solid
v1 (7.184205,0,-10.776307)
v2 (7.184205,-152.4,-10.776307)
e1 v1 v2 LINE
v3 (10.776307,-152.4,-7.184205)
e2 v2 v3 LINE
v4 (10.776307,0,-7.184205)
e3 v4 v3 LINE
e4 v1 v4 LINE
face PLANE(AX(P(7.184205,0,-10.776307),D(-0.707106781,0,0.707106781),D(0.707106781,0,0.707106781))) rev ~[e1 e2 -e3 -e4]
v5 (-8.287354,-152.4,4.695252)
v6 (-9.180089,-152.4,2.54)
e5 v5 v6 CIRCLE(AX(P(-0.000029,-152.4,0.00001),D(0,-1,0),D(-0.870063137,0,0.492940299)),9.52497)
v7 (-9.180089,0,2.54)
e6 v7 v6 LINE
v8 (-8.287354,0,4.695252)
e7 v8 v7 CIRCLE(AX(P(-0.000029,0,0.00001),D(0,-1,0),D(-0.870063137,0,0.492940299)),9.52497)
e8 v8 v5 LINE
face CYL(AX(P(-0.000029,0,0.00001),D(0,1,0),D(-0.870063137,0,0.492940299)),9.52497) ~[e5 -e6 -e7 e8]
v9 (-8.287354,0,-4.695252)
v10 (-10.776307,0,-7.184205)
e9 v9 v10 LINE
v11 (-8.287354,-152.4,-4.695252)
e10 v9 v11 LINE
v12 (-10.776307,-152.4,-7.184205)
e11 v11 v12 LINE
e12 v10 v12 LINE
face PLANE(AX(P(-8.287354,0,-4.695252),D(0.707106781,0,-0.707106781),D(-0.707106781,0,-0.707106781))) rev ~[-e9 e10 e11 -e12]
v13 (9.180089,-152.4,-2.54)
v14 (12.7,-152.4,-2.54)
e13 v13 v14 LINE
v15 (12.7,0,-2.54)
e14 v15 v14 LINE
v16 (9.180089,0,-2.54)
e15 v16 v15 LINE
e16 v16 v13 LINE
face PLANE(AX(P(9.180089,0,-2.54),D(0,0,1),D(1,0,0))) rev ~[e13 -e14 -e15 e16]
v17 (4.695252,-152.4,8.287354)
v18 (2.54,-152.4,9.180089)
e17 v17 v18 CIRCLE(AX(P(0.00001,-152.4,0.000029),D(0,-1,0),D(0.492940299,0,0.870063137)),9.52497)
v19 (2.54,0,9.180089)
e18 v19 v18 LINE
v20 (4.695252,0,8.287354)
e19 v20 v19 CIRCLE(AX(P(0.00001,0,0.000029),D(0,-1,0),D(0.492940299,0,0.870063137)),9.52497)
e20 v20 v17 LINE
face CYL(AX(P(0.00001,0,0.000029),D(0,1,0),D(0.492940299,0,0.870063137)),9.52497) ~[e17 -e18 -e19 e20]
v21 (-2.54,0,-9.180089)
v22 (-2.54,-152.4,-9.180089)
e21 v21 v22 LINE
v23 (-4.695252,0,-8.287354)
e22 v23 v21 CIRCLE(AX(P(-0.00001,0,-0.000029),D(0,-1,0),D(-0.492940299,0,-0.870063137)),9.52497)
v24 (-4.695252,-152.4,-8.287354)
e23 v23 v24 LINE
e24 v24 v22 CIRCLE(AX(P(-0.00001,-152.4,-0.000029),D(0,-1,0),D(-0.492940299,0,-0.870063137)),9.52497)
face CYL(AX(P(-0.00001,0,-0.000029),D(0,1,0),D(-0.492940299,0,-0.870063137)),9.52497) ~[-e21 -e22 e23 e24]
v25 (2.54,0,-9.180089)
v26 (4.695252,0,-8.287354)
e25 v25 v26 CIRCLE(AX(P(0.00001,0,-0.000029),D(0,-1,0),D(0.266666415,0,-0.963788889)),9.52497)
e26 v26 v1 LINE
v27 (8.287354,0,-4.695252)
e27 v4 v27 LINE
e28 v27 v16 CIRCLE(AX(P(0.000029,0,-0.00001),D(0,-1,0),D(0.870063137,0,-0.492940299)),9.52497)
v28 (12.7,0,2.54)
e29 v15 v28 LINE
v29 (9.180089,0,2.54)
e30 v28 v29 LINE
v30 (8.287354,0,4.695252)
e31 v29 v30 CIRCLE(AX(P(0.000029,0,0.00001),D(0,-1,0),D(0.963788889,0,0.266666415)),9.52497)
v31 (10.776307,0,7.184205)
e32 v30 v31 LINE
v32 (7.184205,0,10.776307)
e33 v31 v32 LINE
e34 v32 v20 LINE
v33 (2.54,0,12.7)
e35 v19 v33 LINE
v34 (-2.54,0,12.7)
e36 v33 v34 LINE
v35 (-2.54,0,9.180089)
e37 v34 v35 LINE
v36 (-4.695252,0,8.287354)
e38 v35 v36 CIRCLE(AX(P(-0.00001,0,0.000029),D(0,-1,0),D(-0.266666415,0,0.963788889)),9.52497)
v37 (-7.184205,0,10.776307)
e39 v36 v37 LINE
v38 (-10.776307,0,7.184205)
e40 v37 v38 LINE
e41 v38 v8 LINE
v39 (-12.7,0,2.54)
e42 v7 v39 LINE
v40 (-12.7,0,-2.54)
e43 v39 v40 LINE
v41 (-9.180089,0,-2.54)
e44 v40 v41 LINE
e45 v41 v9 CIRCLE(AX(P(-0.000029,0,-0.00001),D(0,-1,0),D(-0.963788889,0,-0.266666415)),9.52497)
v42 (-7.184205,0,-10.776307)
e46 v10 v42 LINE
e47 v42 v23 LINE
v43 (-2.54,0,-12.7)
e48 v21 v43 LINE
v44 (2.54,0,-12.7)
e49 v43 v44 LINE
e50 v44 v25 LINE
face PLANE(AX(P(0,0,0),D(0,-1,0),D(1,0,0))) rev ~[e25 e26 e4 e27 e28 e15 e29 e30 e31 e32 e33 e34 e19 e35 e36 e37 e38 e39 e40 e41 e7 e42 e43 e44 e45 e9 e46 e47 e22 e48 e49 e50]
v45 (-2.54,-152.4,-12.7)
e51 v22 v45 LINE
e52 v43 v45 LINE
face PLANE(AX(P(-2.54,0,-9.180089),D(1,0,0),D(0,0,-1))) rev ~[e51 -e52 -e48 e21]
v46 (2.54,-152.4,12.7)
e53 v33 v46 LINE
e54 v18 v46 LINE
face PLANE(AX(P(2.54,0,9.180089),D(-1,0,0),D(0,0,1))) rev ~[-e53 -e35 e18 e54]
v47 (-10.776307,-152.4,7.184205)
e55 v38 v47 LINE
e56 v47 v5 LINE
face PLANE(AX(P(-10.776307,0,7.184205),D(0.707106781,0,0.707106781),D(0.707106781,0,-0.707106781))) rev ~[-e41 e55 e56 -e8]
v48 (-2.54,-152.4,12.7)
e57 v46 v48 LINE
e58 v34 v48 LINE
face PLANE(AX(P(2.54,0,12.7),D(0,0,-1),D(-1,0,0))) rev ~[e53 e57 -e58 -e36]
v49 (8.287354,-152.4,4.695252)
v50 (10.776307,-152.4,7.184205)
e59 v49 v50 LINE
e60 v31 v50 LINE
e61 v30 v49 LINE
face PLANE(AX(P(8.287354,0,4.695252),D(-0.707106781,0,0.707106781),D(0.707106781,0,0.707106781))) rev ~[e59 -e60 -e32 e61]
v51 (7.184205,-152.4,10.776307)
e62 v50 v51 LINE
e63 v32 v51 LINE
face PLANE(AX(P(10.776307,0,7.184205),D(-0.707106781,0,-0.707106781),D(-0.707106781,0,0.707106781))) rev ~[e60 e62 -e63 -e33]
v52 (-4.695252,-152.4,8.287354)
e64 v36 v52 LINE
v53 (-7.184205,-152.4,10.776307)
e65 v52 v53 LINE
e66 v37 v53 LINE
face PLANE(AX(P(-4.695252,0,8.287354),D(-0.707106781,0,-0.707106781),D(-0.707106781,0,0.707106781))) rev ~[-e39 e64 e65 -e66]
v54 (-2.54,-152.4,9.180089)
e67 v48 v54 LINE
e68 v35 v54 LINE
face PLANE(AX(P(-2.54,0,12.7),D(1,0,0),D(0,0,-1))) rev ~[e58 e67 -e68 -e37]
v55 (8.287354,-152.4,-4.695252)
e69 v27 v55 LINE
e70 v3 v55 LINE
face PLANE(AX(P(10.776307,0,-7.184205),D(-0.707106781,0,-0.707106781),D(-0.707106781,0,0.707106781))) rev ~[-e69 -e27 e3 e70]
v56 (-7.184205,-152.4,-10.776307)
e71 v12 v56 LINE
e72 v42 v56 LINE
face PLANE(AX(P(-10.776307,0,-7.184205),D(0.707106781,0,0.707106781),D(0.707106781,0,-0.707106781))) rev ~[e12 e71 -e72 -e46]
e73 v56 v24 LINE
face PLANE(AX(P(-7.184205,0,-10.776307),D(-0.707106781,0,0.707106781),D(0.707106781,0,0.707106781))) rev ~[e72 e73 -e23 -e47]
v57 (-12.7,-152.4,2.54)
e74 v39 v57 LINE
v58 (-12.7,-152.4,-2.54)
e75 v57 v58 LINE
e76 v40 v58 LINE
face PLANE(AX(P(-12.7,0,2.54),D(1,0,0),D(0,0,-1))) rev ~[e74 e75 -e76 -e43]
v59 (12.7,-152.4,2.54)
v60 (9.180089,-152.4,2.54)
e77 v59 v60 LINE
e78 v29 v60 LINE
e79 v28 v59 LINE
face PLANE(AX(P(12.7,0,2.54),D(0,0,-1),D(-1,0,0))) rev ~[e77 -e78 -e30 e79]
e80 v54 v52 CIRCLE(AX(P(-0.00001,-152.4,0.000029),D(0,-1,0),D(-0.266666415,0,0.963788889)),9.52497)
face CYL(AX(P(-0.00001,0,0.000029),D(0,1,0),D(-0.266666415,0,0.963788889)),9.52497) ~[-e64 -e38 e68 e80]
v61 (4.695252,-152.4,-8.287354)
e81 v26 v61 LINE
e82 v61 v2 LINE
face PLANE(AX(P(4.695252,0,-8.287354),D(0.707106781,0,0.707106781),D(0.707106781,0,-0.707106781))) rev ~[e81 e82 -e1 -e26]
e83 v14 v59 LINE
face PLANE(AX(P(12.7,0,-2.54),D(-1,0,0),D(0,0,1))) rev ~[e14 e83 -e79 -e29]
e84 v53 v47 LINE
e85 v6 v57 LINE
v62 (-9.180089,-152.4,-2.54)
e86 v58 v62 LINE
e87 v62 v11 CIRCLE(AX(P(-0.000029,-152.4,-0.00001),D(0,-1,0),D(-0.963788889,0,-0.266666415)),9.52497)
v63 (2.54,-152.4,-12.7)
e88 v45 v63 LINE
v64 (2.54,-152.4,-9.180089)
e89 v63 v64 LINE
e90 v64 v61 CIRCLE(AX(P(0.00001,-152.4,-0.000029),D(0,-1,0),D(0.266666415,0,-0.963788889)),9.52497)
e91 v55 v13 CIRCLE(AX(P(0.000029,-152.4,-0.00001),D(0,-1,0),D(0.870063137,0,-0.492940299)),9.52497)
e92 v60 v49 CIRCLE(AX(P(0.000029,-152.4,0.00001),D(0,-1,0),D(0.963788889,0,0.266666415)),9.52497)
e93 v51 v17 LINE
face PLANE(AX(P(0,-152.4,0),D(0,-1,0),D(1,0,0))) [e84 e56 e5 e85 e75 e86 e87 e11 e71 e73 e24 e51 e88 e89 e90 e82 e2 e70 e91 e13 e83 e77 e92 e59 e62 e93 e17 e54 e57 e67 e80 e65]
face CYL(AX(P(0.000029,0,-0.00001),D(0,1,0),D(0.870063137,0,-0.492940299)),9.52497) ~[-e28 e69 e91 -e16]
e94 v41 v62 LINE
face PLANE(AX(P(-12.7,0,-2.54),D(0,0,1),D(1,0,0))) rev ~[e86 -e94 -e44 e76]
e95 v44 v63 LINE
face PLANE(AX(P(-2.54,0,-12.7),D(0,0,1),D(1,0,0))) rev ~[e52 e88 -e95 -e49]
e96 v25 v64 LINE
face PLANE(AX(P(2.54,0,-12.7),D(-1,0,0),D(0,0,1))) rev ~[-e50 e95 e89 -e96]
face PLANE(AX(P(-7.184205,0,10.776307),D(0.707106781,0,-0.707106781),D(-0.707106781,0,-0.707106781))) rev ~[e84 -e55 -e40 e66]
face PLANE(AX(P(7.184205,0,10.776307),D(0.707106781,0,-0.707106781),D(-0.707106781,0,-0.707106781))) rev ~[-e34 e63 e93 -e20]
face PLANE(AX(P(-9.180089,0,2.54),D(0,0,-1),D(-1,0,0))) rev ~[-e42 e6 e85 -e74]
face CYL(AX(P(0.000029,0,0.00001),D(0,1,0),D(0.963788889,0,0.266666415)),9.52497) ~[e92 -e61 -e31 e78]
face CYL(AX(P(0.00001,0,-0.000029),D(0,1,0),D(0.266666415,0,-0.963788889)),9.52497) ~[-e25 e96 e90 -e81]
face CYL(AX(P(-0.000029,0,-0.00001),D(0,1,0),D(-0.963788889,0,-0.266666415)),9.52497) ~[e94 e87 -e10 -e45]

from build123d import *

# Parameters (mm, degrees)
F1_DEPTH = 152.4


with BuildPart() as f1:
    # F0 (on Front) → F1 (new body)
    with BuildSketch(Plane.XZ):
        with BuildLine():
            Line((2.54, 12.7), (-2.54, 12.7))
            Line((-2.54, 12.7), (-2.54, 9.180089))
            ThreePointArc((-2.54, 9.180089), (-3.64506, 8.799953), (-4.695252, 8.287354))
            Line((-4.695252, 8.287354), (-7.184205, 10.776307))
            Line((-7.184205, 10.776307), (-8.980256, 8.980256))
            Line((-8.980256, 8.980256), (-10.776307, 7.184205))
            Line((-10.776307, 7.184205), (-8.287354, 4.695252))
            ThreePointArc((-8.287354, 4.695252), (-8.799953, 3.64506), (-9.180089, 2.54))
            Line((-9.180089, 2.54), (-12.7, 2.54))
            Line((-12.7, 2.54), (-12.7, -2.54))
            Line((-12.7, -2.54), (-9.180089, -2.54))
            ThreePointArc((-9.180089, -2.54), (-8.799953, -3.64506), (-8.287354, -4.695252))
            Line((-8.287354, -4.695252), (-10.776307, -7.184205))
            Line((-10.776307, -7.184205), (-8.980256, -8.980256))
            Line((-8.980256, -8.980256), (-7.184205, -10.776307))
            Line((-7.184205, -10.776307), (-4.695252, -8.287354))
            ThreePointArc((-4.695252, -8.287354), (-3.64506, -8.799953), (-2.54, -9.180089))
            Line((-2.54, -9.180089), (-2.54, -12.7))
            Line((-2.54, -12.7), (2.54, -12.7))
            Line((2.54, -12.7), (2.54, -9.180089))
            ThreePointArc((2.54, -9.180089), (3.64506, -8.799953), (4.695252, -8.287354))
            Line((4.695252, -8.287354), (7.184205, -10.776307))
            Line((7.184205, -10.776307), (8.980256, -8.980256))
            Line((8.980256, -8.980256), (10.776307, -7.184205))
            Line((10.776307, -7.184205), (8.287354, -4.695252))
            ThreePointArc((8.287354, -4.695252), (8.799953, -3.64506), (9.180089, -2.54))
            Line((9.180089, -2.54), (12.7, -2.54))
            Line((12.7, -2.54), (12.7, 2.54))
            Line((12.7, 2.54), (9.180089, 2.54))
            ThreePointArc((9.180089, 2.54), (8.799953, 3.64506), (8.287354, 4.695252))
            Line((8.287354, 4.695252), (10.776307, 7.184205))
            Line((10.776307, 7.184205), (8.980256, 8.980256))
            Line((8.980256, 8.980256), (7.184205, 10.776307))
            Line((7.184205, 10.776307), (4.695252, 8.287354))
            ThreePointArc((4.695252, 8.287354), (3.64506, 8.799953), (2.54, 9.180089))
            Line((2.54, 9.180089), (2.54, 12.7))
        make_face()
    extrude(amount=F1_DEPTH)


solid = f1.part
